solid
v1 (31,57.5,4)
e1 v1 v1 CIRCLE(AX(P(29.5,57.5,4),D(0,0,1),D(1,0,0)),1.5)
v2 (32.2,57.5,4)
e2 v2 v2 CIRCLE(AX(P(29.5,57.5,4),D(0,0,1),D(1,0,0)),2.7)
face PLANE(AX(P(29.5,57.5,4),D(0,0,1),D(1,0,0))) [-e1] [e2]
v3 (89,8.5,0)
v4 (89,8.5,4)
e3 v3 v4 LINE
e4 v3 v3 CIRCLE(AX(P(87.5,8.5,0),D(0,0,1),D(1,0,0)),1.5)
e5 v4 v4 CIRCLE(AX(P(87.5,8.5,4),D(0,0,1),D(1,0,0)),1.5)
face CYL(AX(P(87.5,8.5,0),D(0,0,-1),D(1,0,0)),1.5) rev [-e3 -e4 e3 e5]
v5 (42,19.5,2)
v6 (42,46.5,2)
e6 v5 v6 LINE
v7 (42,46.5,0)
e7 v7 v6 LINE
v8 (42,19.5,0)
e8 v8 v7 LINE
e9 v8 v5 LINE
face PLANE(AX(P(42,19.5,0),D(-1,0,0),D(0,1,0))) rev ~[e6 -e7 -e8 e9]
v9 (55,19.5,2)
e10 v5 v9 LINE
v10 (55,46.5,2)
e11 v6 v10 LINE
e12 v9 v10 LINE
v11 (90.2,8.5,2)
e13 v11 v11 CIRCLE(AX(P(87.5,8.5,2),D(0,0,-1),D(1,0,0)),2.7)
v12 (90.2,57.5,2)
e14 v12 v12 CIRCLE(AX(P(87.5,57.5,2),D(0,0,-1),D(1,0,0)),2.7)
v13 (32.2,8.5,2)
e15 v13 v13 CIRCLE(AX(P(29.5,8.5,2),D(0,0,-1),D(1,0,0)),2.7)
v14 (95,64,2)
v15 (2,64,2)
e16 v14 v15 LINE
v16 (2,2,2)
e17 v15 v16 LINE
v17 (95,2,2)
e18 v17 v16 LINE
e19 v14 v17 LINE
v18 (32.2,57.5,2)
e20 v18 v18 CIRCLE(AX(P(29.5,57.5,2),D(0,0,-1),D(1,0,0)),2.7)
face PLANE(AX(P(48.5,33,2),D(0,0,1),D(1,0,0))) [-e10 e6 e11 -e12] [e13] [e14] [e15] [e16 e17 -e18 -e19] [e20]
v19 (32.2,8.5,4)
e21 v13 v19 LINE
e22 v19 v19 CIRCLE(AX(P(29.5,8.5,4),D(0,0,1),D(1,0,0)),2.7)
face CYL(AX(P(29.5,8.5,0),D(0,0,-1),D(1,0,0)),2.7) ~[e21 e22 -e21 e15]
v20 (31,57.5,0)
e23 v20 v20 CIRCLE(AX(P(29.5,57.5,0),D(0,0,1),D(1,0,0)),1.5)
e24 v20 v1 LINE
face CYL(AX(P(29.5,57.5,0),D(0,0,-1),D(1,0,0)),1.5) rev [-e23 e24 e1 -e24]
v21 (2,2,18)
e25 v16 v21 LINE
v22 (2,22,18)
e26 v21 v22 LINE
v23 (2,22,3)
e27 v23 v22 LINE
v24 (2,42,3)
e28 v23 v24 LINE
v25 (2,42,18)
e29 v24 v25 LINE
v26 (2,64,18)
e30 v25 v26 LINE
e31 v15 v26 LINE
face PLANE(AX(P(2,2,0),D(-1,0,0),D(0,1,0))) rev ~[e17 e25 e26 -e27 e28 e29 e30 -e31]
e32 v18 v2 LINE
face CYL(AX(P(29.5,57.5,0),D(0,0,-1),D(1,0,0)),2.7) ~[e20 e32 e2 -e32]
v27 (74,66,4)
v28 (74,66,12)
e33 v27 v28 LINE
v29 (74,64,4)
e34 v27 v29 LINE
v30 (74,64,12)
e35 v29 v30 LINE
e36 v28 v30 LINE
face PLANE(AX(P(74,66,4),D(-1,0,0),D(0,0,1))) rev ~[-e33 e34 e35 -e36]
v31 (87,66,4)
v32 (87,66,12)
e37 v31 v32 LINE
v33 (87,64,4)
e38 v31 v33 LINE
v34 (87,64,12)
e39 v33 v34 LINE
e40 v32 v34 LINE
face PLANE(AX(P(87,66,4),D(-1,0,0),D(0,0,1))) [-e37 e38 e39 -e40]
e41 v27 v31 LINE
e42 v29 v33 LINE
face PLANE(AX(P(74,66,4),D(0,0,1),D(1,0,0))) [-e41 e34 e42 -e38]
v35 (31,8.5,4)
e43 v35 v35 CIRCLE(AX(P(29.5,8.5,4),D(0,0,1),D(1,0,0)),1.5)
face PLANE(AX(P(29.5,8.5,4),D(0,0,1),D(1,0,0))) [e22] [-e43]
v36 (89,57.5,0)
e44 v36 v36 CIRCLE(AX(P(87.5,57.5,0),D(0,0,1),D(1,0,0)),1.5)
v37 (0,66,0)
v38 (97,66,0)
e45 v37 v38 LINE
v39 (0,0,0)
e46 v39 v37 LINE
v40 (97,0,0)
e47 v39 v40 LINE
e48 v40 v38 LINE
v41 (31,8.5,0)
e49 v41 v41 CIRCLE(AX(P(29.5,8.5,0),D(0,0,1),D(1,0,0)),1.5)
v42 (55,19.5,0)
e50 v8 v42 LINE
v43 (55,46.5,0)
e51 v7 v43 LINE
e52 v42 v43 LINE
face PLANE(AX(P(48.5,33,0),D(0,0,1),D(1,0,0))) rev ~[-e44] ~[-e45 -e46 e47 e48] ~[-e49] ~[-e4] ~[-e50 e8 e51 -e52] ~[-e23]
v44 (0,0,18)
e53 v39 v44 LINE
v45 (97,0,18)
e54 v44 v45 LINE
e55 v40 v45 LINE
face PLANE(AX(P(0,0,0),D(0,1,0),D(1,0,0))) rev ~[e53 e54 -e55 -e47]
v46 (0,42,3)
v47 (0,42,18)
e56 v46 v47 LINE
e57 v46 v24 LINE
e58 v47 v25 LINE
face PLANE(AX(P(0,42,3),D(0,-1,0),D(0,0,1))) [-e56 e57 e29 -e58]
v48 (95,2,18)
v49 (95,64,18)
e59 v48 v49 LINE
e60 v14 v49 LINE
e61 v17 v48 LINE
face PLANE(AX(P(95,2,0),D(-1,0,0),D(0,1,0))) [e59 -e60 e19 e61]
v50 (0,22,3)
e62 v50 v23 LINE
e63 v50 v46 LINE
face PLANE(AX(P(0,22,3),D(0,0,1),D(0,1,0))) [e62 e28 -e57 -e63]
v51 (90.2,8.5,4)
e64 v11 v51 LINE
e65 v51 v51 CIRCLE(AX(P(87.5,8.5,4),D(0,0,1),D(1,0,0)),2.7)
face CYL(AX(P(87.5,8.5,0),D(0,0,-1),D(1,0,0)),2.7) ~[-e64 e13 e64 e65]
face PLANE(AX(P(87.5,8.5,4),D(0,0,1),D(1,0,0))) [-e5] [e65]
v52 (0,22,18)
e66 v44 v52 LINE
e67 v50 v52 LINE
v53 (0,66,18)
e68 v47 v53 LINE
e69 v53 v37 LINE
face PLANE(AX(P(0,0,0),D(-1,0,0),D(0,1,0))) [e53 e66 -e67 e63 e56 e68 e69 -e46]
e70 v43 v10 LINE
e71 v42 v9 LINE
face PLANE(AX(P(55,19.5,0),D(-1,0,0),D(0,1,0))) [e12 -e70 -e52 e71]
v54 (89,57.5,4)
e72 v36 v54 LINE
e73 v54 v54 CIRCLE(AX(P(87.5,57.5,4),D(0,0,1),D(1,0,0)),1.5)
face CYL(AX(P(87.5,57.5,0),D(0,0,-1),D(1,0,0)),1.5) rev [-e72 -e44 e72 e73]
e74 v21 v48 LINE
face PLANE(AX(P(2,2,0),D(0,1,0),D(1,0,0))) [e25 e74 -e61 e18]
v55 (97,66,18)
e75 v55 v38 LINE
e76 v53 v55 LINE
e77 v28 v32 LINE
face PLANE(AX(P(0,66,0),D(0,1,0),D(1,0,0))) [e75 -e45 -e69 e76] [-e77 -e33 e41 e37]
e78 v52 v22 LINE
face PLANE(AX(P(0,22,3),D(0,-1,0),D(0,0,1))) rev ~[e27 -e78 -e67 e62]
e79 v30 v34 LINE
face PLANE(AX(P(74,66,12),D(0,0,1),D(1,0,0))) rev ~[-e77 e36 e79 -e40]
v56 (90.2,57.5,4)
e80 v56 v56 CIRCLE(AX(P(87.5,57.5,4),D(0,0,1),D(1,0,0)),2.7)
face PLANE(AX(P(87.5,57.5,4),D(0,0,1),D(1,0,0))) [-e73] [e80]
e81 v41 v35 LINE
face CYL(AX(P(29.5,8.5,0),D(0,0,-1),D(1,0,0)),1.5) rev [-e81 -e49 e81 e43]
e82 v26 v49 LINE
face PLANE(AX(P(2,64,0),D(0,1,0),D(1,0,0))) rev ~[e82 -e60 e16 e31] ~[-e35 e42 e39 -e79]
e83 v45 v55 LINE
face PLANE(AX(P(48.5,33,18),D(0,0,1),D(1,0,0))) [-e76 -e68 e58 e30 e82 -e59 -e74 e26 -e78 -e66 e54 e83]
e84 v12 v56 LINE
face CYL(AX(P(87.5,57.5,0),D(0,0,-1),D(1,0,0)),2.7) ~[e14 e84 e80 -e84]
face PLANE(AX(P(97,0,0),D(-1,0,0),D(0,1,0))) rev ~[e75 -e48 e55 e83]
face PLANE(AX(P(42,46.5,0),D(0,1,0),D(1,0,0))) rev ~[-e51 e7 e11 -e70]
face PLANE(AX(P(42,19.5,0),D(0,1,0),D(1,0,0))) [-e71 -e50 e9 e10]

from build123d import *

# Parameters (mm, degrees)
SKETCH006_W     = 97
SKETCH006_H     = 66
SKETCH006_R     = 1.5
SKETCH006_W_2   = 13
SKETCH006_H_2   = 27
PAD004_DEPTH    = 2
SKETCH007_W     = 97
SKETCH007_H     = 66
SKETCH007_W_2   = 93
SKETCH007_H_2   = 62
PAD005_DEPTH    = 18
SKETCH008_R     = 2.7
SKETCH008_R_2   = 1.5
PAD006_DEPTH    = 4
SKETCH012_W     = 13
SKETCH012_H     = 8
POCKET001_DEPTH = 2
SKETCH026_W     = 20
SKETCH026_H     = 15
POCKET007_DEPTH = 2


with BuildPart() as part:
    # Sketch006 → Pad004 (new body)
    with BuildSketch(Plane.XY):
        with Locations((48.5, 33)):
            Rectangle(SKETCH006_W, SKETCH006_H)
        with Locations((87.5, 57.5)):
            Circle(SKETCH006_R, mode=Mode.SUBTRACT)
        with Locations((87.5, 8.5)):
            Circle(SKETCH006_R, mode=Mode.SUBTRACT)
        with Locations((29.5, 57.5)):
            Circle(SKETCH006_R, mode=Mode.SUBTRACT)
        with Locations((29.5, 8.5)):
            Circle(SKETCH006_R, mode=Mode.SUBTRACT)
        with Locations((48.5, 33)):
            Rectangle(SKETCH006_W_2, SKETCH006_H_2, mode=Mode.SUBTRACT)
    extrude(amount=PAD004_DEPTH)

    # Sketch007 → Pad005 (join)
    with BuildSketch(Plane.XY):
        with Locations((48.5, 33)):
            Rectangle(SKETCH007_W, SKETCH007_H)
        with Locations((48.5, 33)):
            Rectangle(SKETCH007_W_2, SKETCH007_H_2, mode=Mode.SUBTRACT)
    extrude(amount=PAD005_DEPTH)

    # Sketch008 → Pad006 (join)
    with BuildSketch(Plane.XY):
        with Locations((29.5, 57.5)):
            Circle(SKETCH008_R)
        with Locations((29.5, 57.5)):
            Circle(SKETCH008_R_2, mode=Mode.SUBTRACT)
        with Locations((87.5, 57.5)):
            Circle(SKETCH008_R)
        with Locations((87.5, 57.5)):
            Circle(SKETCH008_R_2, mode=Mode.SUBTRACT)
        with Locations((87.5, 8.5)):
            Circle(SKETCH008_R)
        with Locations((87.5, 8.5)):
            Circle(SKETCH008_R_2, mode=Mode.SUBTRACT)
        with Locations((29.5, 8.5)):
            Circle(SKETCH008_R)
        with Locations((29.5, 8.5)):
            Circle(SKETCH008_R_2, mode=Mode.SUBTRACT)
    extrude(amount=PAD006_DEPTH)

    # Sketch012 → Pocket001 (cut)
    with BuildSketch(Plane(origin=(74, 66, 4), x_dir=(1, 0, 0), z_dir=(0, -1, 0))):
        with Locations((6.5, 4)):
            Rectangle(SKETCH012_W, SKETCH012_H)
    extrude(amount=POCKET001_DEPTH, mode=Mode.SUBTRACT)

    # Sketch026 → Pocket007 (cut)
    with BuildSketch(Plane.YZ):
        with Locations((32, 10.5)):
            Rectangle(SKETCH026_W, SKETCH026_H)
    extrude(amount=POCKET007_DEPTH, mode=Mode.SUBTRACT)


solid = part.part
